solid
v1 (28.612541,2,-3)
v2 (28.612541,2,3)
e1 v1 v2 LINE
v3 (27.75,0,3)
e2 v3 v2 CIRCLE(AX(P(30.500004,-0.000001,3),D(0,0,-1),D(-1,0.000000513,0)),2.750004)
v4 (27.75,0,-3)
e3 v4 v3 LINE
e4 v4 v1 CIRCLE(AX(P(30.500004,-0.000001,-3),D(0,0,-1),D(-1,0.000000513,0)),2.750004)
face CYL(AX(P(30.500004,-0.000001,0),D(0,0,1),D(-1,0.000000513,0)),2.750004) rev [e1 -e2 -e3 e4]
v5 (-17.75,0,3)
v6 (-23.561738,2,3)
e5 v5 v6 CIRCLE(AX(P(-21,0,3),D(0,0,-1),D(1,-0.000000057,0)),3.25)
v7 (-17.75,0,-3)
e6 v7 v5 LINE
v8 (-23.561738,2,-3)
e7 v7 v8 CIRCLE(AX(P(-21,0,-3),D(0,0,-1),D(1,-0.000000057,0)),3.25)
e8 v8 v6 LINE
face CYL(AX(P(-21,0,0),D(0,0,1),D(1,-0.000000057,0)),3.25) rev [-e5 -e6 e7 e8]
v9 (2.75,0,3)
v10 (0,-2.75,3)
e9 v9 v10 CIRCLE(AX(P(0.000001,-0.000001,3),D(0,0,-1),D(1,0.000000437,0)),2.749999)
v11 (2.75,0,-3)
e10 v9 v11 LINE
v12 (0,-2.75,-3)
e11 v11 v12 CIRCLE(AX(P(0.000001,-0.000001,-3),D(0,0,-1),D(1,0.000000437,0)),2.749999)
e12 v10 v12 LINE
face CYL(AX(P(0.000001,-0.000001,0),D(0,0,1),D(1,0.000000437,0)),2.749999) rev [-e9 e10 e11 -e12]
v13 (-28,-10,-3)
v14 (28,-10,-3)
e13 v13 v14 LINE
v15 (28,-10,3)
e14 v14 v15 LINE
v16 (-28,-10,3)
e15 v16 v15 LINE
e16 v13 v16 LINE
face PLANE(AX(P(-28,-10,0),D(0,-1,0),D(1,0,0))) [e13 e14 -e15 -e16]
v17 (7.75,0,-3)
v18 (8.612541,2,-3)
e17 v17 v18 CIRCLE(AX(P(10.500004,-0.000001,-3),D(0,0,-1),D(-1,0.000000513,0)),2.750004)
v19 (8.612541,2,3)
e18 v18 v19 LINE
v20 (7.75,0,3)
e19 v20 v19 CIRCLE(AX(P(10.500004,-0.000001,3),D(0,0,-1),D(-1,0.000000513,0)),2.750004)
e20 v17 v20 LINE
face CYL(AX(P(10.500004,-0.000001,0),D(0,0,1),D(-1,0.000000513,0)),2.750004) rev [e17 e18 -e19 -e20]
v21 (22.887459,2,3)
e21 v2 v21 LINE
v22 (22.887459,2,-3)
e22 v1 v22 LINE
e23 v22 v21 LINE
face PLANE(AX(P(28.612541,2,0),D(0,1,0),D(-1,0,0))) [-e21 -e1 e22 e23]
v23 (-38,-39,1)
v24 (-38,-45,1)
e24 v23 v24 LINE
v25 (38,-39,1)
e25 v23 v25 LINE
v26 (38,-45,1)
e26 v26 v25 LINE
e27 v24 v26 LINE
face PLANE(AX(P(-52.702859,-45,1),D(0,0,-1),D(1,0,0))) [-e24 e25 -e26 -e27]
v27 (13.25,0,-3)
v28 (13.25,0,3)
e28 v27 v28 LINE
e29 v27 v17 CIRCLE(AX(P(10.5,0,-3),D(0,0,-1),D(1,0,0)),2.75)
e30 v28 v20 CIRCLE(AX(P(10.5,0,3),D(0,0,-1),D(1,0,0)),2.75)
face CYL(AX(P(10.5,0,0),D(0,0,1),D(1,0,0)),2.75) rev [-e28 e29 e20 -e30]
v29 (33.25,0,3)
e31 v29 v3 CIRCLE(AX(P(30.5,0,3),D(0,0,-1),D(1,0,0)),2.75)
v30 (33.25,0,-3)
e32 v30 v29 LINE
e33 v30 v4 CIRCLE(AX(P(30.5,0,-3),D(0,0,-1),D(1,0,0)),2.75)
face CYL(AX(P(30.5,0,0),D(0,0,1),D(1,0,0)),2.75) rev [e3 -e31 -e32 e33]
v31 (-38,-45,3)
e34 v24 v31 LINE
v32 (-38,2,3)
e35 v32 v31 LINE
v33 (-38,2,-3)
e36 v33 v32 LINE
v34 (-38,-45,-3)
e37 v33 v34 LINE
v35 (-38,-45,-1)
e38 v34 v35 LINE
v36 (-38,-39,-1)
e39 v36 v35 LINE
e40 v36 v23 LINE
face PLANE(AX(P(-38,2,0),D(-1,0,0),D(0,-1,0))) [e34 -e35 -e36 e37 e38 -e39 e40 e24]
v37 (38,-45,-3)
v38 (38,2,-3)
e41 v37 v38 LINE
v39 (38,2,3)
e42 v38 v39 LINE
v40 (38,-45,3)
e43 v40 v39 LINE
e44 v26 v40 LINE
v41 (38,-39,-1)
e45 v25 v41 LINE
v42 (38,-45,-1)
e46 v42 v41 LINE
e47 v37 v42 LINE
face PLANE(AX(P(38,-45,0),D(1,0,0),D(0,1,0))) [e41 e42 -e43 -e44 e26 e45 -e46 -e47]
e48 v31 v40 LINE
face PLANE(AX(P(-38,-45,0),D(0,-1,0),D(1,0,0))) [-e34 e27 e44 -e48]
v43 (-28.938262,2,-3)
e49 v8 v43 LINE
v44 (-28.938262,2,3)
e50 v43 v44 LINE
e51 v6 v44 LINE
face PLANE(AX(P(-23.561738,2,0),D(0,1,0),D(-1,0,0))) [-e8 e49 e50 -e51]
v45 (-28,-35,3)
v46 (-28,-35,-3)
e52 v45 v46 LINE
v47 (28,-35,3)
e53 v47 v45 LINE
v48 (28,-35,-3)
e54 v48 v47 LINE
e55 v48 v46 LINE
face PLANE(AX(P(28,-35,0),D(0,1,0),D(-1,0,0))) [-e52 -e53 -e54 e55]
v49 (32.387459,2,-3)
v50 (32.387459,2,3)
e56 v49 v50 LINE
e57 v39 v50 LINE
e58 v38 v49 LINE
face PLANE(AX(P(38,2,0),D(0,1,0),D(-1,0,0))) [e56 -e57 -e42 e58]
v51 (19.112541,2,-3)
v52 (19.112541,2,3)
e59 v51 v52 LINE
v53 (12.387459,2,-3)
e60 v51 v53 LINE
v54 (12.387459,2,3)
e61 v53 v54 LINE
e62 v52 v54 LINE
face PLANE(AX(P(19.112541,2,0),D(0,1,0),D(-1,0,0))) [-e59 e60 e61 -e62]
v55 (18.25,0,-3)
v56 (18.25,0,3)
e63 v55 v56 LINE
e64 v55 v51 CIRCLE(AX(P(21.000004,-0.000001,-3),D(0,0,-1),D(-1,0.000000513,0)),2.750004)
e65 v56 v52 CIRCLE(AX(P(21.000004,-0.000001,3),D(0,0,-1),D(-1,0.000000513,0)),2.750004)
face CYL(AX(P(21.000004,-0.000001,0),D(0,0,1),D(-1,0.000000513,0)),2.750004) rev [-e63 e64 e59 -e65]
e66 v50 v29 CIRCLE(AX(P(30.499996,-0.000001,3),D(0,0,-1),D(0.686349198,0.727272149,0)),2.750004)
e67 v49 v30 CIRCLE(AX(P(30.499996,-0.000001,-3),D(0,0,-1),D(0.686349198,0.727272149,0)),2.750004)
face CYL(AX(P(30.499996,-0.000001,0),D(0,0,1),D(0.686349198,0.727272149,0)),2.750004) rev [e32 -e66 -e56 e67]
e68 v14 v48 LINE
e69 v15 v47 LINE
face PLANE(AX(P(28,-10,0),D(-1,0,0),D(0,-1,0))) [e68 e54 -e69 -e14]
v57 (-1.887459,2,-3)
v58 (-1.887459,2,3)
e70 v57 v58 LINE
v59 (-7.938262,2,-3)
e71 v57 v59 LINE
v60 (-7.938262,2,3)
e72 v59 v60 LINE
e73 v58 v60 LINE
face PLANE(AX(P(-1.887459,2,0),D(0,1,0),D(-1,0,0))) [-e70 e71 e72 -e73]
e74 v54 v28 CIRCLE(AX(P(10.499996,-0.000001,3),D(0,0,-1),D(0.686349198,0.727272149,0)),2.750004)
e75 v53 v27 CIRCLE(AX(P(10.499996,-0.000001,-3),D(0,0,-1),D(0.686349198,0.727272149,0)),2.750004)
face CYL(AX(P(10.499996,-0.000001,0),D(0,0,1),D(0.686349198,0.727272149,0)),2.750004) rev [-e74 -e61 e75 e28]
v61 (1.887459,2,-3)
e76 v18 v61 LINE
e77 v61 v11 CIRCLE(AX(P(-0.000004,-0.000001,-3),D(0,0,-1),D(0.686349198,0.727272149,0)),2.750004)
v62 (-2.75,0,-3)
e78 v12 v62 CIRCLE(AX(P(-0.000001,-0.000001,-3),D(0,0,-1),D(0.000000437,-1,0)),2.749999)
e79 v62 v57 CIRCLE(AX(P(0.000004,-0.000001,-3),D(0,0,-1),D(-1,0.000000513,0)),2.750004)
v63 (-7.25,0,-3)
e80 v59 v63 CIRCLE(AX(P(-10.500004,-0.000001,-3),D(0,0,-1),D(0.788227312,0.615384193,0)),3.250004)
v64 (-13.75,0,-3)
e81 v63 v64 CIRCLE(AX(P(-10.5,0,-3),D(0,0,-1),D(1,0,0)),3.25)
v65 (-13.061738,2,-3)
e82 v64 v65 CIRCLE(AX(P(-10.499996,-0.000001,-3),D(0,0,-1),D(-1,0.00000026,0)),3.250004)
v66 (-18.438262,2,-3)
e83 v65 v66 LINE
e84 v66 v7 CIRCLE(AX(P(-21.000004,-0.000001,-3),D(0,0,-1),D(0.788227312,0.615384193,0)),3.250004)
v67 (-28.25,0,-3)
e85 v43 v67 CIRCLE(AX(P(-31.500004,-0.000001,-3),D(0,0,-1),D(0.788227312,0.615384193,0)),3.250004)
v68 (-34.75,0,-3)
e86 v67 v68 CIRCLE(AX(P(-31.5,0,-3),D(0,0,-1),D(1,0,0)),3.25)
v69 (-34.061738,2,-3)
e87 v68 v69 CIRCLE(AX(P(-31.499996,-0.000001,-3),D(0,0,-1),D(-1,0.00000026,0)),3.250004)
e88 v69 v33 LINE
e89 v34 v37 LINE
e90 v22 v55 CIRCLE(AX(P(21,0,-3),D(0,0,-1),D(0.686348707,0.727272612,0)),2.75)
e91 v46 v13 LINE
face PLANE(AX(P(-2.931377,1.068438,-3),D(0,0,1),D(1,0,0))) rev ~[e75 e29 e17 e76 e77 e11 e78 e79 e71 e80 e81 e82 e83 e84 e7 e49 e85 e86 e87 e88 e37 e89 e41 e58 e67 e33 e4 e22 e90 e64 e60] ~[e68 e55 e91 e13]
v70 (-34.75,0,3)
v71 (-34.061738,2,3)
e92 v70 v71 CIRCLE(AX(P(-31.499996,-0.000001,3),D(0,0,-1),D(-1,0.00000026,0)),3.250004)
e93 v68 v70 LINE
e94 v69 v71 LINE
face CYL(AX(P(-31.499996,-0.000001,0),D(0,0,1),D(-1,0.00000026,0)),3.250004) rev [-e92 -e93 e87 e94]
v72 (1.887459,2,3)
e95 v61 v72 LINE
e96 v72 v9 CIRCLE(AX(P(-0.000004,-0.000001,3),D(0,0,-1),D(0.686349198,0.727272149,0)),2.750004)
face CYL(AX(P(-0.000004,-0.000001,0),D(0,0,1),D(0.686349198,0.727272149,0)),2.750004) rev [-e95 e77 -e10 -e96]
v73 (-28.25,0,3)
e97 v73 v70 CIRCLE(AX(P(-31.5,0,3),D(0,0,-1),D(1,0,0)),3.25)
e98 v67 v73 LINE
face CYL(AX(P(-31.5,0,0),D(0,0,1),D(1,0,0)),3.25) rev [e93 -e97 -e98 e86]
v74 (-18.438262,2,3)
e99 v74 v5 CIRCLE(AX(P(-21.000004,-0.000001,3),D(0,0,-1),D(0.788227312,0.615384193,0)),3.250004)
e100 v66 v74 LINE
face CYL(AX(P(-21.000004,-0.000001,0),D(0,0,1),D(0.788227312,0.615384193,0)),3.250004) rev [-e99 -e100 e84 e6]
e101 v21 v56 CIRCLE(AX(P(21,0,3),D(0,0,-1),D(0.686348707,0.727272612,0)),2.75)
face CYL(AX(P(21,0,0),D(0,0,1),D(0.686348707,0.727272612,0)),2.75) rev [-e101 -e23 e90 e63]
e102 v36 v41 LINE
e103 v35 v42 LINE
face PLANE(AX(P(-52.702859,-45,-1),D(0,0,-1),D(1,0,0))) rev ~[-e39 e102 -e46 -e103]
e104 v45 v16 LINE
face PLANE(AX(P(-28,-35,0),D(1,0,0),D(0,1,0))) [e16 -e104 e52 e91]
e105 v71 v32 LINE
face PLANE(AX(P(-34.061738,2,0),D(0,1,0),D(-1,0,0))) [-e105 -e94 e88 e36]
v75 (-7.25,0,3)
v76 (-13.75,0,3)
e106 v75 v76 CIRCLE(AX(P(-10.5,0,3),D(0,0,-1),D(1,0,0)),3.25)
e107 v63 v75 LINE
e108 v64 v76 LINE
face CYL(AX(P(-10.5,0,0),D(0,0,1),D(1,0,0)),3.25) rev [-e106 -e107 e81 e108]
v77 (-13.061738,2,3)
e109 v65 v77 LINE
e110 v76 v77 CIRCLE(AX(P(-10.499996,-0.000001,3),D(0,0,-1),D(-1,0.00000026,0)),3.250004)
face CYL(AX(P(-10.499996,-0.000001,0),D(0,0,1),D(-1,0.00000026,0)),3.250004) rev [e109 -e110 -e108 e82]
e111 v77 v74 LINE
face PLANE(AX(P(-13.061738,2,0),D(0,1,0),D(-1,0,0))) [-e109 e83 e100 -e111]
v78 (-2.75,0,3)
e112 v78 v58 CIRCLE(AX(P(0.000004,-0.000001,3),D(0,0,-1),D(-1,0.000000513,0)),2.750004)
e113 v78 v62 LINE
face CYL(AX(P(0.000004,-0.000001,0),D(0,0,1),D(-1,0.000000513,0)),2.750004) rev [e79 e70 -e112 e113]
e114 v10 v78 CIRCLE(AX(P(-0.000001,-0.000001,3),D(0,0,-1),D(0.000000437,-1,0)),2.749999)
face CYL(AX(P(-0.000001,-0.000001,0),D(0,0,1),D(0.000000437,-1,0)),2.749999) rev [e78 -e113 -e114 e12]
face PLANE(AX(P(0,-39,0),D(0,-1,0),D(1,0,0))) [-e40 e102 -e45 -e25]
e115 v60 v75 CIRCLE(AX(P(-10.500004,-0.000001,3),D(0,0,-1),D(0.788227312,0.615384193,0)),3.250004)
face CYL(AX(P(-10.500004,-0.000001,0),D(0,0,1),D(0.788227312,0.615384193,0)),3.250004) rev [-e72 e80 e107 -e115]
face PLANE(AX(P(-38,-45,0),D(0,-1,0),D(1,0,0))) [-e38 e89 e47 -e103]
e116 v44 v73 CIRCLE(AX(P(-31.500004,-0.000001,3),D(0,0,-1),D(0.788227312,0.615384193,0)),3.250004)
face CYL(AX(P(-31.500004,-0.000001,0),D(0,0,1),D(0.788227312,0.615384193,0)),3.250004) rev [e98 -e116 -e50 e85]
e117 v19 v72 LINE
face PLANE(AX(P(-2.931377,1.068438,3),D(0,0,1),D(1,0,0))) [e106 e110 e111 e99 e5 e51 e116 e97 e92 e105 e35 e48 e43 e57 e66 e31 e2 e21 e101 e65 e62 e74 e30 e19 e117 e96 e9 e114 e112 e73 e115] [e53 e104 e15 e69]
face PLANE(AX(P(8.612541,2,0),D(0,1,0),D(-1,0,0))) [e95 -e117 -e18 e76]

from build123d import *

# Parameters (mm, degrees)
F1_DEPTH      = 3
F1_DEPTH_BACK = 3
F2_W          = 105.405718
F2_H          = 2
F3_DEPTH      = 6


with BuildPart() as f1:
    # F0 (on Top) → F1 (new body, two sides)
    with BuildSketch(Plane.XY) as f1_sk:
        with BuildLine():
            ThreePointArc((-2.75, 0), (-2.525174, 1.089034), (-1.887459, 2))
            Line((-1.887459, 2), (-3.172144, 2))
            ThreePointArc((-3.172144, 2), (-3.602641, 1.040903), (-3.75, 0))
            Line((-3.75, 0), (-2.75, 0))
        make_face()
        with BuildLine():
            ThreePointArc((0, -2.75), (-1.944544, -1.944544), (-2.75, 0))
            Line((-2.75, 0), (-3.75, 0))
            ThreePointArc((-3.75, 0), (-2.65165, -2.65165), (0, -3.75))
            Line((0, -3.75), (0, -2.75))
        make_face()
        with BuildLine():
            ThreePointArc((-3.75, 0), (-3.602641, 1.040903), (-3.172144, 2))
            Line((-3.172144, 2), (-6.75, 2))
            ThreePointArc((-6.75, 2), (-6.376894, 1.030776), (-6.25, 0))
            Line((-6.25, 0), (-3.75, 0))
        make_face()
        with BuildLine():
            ThreePointArc((2.75, 0), (1.944544, -1.944544), (0, -2.75))
            Line((0, -2.75), (0, -3.75))
            ThreePointArc((0, -3.75), (2.65165, -2.65165), (3.75, 0))
            Line((3.75, 0), (2.75, 0))
        make_face()
        with BuildLine():
            ThreePointArc((0, -3.75), (-2.65165, -2.65165), (-3.75, 0))
            Line((-3.75, 0), (-6.25, 0))
            Line((-6.25, 0), (-7.25, 0))
            ThreePointArc((-7.25, 0), (-10.5, -3.25), (-13.75, 0))
            Line((-13.75, 0), (-14.75, 0))
            Line((-14.75, 0), (-16.75, 0))
            Line((-16.75, 0), (-17.25, 0))
            Line((-17.25, 0), (-17.75, 0))
            ThreePointArc((-17.75, 0), (-22.057557, -3.073121), (-23.561738, 2))
            Line((-23.561738, 2), (-24.172144, 2))
            Line((-24.172144, 2), (-24.75, 2))
            ThreePointArc((-24.75, 2), (-25.123106, 1.030776), (-25.25, 0))
            Line((-25.25, 0), (-27.75, 0))
            Line((-27.75, 0), (-28.25, 0))
            ThreePointArc((-28.25, 0), (-31.5, -3.25), (-34.75, 0))
            Line((-34.75, 0), (-38, 0))
            Line((-38, 0), (-38, -45))
            Line((-38, -45), (0, -45))
            Line((0, -45), (0, -35))
            Line((0, -35), (-28, -35))
            Line((-28, -35), (-28, -10))
            Line((-28, -10), (0, -10))
            Line((0, -10), (0, -3.75))
        make_face()
        with BuildLine():
            ThreePointArc((-6.25, 0), (-6.376894, 1.030776), (-6.75, 2))
            Line((-6.75, 2), (-7.327856, 2))
            Line((-7.327856, 2), (-7.938262, 2))
            ThreePointArc((-7.938262, 2), (-7.426879, 1.057557), (-7.25, 0))
            Line((-7.25, 0), (-6.25, 0))
        make_face()
        with BuildLine():
            ThreePointArc((1.887459, 2), (2.525174, 1.089034), (2.75, 0))
            Line((2.75, 0), (3.75, 0))
            ThreePointArc((3.75, 0), (3.602641, 1.040903), (3.172144, 2))
            Line((3.172144, 2), (1.887459, 2))
        make_face()
        with BuildLine():
            ThreePointArc((3.75, 0), (2.65165, -2.65165), (0, -3.75))
            Line((0, -3.75), (0, -10))
            Line((0, -10), (28, -10))
            Line((28, -10), (28, -35))
            Line((28, -35), (0, -35))
            Line((0, -35), (0, -45))
            Line((0, -45), (38, -45))
            Line((38, -45), (38, 0))
            Line((38, 0), (34.25, 0))
            Line((34.25, 0), (33.25, 0))
            ThreePointArc((33.25, 0), (30.5, -2.75), (27.75, 0))
            Line((27.75, 0), (26.75, 0))
            ThreePointArc((26.75, 0), (26.897359, 1.040903), (27.327856, 2))
            Line((27.327856, 2), (24.172144, 2))
            Line((24.172144, 2), (22.887459, 2))
            ThreePointArc((22.887459, 2), (22.089034, -2.525174), (18.25, 0))
            Line((18.25, 0), (17.25, 0))
            Line((17.25, 0), (14.25, 0))
            Line((14.25, 0), (13.25, 0))
            ThreePointArc((13.25, 0), (10.5, -2.75), (7.75, 0))
            Line((7.75, 0), (6.75, 0))
            Line((6.75, 0), (3.75, 0))
        make_face()
        with BuildLine():
            ThreePointArc((3.172144, 2), (3.602641, 1.040903), (3.75, 0))
            Line((3.75, 0), (6.75, 0))
            ThreePointArc((6.75, 0), (6.897359, 1.040903), (7.327856, 2))
            Line((7.327856, 2), (3.172144, 2))
        make_face()
        with BuildLine():
            ThreePointArc((7.327856, 2), (6.897359, 1.040903), (6.75, 0))
            Line((6.75, 0), (7.75, 0))
            ThreePointArc((7.75, 0), (7.974826, 1.089034), (8.612541, 2))
            Line((8.612541, 2), (7.327856, 2))
        make_face()
        with BuildLine():
            Line((-14.75, 0), (-13.75, 0))
            ThreePointArc((-13.75, 0), (-13.573121, 1.057557), (-13.061738, 2))
            Line((-13.061738, 2), (-13.672144, 2))
            Line((-13.672144, 2), (-14.25, 2))
            ThreePointArc((-14.25, 2), (-14.623106, 1.030776), (-14.75, 0))
        make_face()
        with BuildLine():
            Line((-16.75, 0), (-14.75, 0))
            ThreePointArc((-14.75, 0), (-14.623106, 1.030776), (-14.25, 2))
            Line((-14.25, 2), (-17.25, 2))
            ThreePointArc((-17.25, 2), (-16.876894, 1.030776), (-16.75, 0))
        make_face()
        with BuildLine():
            ThreePointArc((12.387459, 2), (13.025174, 1.089034), (13.25, 0))
            Line((13.25, 0), (14.25, 0))
            ThreePointArc((14.25, 0), (14.102641, 1.040903), (13.672144, 2))
            Line((13.672144, 2), (12.387459, 2))
        make_face()
        with BuildLine():
            Line((-17.25, 0), (-16.75, 0))
            ThreePointArc((-16.75, 0), (-16.876894, 1.030776), (-17.25, 2))
            Line((-17.25, 2), (-17.827856, 2))
            Line((-17.827856, 2), (-18.438262, 2))
            ThreePointArc((-18.438262, 2), (-17.926879, 1.057557), (-17.75, 0))
            Line((-17.75, 0), (-17.25, 0))
        make_face()
        with BuildLine():
            ThreePointArc((13.672144, 2), (14.102641, 1.040903), (14.25, 0))
            Line((14.25, 0), (17.25, 0))
            ThreePointArc((17.25, 0), (17.397359, 1.040903), (17.827856, 2))
            Line((17.827856, 2), (13.672144, 2))
        make_face()
        with BuildLine():
            Line((-38, 2), (-38, 0))
            Line((-38, 0), (-34.75, 0))
            ThreePointArc((-34.75, 0), (-34.573121, 1.057557), (-34.061738, 2))
            Line((-34.061738, 2), (-38, 2))
        make_face()
        with BuildLine():
            Line((34.25, 0), (38, 0))
            Line((38, 0), (38, 2))
            Line((38, 2), (33.672144, 2))
            ThreePointArc((33.672144, 2), (34.102641, 1.040903), (34.25, 0))
        make_face()
        with BuildLine():
            ThreePointArc((17.827856, 2), (17.397359, 1.040903), (17.25, 0))
            Line((17.25, 0), (18.25, 0))
            ThreePointArc((18.25, 0), (18.474826, 1.089034), (19.112541, 2))
            Line((19.112541, 2), (17.827856, 2))
        make_face()
        with BuildLine():
            Line((33.25, 0), (34.25, 0))
            ThreePointArc((34.25, 0), (34.102641, 1.040903), (33.672144, 2))
            Line((33.672144, 2), (32.387459, 2))
            ThreePointArc((32.387459, 2), (33.025174, 1.089034), (33.25, 0))
        make_face()
        with BuildLine():
            ThreePointArc((-28.938262, 2), (-28.426879, 1.057557), (-28.25, 0))
            Line((-28.25, 0), (-27.75, 0))
            Line((-27.75, 0), (-25.25, 0))
            ThreePointArc((-25.25, 0), (-25.123106, 1.030776), (-24.75, 2))
            Line((-24.75, 2), (-27.327856, 2))
            Line((-27.327856, 2), (-28.612541, 2))
            Line((-28.612541, 2), (-28.938262, 2))
        make_face()
        with BuildLine():
            Line((26.75, 0), (27.75, 0))
            ThreePointArc((27.75, 0), (27.974826, 1.089034), (28.612541, 2))
            Line((28.612541, 2), (27.327856, 2))
            ThreePointArc((27.327856, 2), (26.897359, 1.040903), (26.75, 0))
        make_face()
    extrude(amount=F1_DEPTH)
    extrude(f1_sk.sketch, amount=-F1_DEPTH_BACK)

    # F2 (on face) → F3 (cut)
    with BuildSketch(Plane.XZ.offset(45)):
        Rectangle(F2_W, F2_H)
    extrude(amount=-F3_DEPTH, mode=Mode.SUBTRACT)


solid = f1.part
